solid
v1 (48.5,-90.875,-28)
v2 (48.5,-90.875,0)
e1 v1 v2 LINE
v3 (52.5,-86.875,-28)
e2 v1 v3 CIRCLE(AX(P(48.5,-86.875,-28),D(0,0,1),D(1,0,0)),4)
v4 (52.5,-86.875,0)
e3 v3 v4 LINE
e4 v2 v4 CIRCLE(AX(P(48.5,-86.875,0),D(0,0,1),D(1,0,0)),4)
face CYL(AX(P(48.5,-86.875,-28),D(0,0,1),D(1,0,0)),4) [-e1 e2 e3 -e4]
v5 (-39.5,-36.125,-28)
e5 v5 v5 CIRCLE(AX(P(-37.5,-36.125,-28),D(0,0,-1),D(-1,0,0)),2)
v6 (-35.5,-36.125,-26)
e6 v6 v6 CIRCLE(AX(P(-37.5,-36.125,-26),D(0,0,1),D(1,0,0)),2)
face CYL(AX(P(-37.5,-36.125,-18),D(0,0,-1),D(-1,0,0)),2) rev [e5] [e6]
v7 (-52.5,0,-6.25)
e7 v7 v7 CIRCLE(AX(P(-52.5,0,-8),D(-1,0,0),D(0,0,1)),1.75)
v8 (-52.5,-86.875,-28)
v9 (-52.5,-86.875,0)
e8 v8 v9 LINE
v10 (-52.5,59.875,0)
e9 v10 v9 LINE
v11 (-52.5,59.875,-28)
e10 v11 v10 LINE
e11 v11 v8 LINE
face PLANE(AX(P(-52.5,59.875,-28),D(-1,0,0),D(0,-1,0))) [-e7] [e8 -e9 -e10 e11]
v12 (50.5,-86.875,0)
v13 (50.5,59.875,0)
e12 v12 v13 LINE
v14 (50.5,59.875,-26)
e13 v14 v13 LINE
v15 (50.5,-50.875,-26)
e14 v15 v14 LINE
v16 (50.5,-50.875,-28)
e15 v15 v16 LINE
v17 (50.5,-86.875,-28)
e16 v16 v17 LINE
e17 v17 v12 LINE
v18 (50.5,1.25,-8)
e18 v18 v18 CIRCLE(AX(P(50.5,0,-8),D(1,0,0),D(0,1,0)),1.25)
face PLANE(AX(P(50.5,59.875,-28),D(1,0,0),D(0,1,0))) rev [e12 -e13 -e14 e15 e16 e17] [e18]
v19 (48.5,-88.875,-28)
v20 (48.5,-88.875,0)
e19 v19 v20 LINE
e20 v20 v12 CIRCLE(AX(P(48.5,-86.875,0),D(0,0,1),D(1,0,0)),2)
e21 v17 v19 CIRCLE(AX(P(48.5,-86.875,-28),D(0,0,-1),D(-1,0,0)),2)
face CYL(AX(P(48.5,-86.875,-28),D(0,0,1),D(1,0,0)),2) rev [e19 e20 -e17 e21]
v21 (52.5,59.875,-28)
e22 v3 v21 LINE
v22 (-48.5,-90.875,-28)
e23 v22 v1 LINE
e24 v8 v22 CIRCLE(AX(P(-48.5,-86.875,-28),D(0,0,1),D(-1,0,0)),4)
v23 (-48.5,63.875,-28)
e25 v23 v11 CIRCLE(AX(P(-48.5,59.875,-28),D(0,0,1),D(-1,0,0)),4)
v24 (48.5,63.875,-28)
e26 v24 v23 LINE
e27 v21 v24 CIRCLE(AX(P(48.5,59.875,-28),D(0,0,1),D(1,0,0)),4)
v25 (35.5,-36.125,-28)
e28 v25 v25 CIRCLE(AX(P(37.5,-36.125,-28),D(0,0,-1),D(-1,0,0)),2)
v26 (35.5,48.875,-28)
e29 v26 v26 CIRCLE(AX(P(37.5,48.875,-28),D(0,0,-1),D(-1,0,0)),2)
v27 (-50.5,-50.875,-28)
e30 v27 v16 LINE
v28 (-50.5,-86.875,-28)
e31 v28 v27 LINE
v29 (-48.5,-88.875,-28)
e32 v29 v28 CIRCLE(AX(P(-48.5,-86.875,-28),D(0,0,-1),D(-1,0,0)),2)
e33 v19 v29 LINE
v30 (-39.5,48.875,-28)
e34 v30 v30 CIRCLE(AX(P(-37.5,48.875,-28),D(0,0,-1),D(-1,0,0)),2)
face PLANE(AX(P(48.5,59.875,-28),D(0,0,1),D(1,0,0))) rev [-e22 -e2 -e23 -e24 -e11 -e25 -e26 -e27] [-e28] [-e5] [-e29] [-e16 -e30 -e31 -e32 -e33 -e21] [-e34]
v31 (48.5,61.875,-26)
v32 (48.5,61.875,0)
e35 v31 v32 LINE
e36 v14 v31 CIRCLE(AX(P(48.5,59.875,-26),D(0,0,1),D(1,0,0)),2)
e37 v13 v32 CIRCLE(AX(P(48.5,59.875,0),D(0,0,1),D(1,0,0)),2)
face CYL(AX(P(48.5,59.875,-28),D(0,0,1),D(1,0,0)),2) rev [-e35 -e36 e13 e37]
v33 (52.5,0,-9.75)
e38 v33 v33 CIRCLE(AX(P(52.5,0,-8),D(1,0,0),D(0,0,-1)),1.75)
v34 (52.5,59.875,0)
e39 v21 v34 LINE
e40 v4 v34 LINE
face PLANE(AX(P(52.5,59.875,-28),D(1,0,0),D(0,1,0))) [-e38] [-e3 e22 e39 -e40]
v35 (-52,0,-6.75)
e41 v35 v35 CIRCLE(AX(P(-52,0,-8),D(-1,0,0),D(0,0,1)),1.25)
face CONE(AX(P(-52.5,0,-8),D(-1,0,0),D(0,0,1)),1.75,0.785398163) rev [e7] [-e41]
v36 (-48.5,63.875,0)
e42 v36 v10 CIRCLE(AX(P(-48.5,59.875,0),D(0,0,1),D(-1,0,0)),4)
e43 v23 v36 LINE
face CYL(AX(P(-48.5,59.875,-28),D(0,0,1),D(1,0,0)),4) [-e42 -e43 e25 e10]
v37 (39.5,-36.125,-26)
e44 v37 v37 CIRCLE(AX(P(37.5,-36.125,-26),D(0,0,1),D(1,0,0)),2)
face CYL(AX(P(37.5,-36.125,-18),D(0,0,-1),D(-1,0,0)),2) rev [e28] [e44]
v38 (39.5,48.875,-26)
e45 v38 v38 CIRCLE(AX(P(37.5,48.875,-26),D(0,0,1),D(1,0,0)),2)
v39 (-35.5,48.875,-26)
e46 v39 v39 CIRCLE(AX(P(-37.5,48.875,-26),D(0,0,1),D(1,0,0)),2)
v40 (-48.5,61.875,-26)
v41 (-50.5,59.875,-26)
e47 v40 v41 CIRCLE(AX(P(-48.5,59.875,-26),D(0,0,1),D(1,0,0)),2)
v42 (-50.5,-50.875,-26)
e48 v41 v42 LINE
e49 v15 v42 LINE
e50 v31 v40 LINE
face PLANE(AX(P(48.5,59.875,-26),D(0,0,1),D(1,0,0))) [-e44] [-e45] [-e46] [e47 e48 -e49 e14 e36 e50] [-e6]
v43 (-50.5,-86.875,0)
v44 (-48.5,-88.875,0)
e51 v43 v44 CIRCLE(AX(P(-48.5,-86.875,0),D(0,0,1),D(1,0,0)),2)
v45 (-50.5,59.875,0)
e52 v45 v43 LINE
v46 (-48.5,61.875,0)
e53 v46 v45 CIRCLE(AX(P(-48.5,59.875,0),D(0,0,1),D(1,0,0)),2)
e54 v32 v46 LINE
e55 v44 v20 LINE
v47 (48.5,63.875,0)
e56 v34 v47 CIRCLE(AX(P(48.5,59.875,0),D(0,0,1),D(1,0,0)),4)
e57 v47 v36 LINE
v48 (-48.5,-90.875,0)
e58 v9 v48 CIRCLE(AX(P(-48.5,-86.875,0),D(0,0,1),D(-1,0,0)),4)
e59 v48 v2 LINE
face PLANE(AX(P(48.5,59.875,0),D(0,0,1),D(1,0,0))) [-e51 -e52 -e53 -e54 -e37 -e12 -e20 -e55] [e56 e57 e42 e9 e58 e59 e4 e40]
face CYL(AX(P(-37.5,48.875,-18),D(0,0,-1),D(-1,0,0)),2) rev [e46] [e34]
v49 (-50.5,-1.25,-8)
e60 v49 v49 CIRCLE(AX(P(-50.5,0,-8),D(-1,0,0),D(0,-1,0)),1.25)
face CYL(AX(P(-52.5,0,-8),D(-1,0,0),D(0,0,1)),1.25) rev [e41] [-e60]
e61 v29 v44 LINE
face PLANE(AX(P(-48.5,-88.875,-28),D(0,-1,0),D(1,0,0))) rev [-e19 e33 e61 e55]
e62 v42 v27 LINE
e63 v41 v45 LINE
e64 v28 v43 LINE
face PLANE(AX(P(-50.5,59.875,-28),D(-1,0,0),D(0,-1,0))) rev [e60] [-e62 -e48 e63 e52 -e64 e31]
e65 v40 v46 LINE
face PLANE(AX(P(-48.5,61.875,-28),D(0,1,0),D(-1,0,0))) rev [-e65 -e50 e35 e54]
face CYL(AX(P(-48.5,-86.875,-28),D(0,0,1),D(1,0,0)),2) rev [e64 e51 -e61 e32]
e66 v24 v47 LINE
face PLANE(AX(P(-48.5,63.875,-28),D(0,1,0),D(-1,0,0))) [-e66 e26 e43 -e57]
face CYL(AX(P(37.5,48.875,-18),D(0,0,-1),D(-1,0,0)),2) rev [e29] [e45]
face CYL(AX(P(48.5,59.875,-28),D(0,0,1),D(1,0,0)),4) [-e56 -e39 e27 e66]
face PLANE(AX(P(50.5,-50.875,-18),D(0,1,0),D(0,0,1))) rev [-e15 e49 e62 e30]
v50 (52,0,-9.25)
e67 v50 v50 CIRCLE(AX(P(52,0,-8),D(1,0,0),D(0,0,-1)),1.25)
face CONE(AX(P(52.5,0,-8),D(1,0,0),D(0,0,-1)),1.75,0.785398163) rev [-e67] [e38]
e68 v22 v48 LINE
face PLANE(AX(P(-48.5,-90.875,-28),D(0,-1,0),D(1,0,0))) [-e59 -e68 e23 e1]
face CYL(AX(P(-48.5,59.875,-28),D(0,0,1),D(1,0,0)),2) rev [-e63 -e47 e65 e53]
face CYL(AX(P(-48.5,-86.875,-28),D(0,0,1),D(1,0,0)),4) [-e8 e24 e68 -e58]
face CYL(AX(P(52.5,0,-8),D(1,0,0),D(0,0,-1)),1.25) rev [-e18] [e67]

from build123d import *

# Parameters (mm, degrees)
BOSS_EXTRUDE1_DEPTH         = 28
SHELL1_T                    = -2
CUT_EXTRUDE1_START          = -10
SKETCH2_R                   = 2
CUT_EXTRUDE1_DEPTH          = 10
M3_TAPPED_HOLE1_D           = 2.5
M3_TAPPED_HOLE1_DEPTH       = 2
M3_TAPPED_HOLE1_CSINK_D     = 3.5
M3_TAPPED_HOLE1_CSINK_ANGLE = 90
M3_TAPPED_HOLE2_D           = 2.5
M3_TAPPED_HOLE2_CSINK_D     = 3.5
M3_TAPPED_HOLE2_CSINK_ANGLE = 90


with BuildPart() as part:
    # Sketch1 → Boss-Extrude1 (new body)
    with BuildSketch(Plane.XY):
        with BuildLine():
            Line((-48.5, 63.875), (48.5, 63.875))
            ThreePointArc((48.5, 63.875), (51.328427125, 62.703427125), (52.5, 59.875))
            Line((52.5, 59.875), (52.5, -86.875))
            ThreePointArc((52.5, -86.875), (51.328427125, -89.703427125), (48.5, -90.875))
            Line((48.5, -90.875), (-48.5, -90.875))
            ThreePointArc((-48.5, -90.875), (-51.328427125, -89.703427125), (-52.5, -86.875))
            Line((-52.5, -86.875), (-52.5, 59.875))
            ThreePointArc((-52.5, 59.875), (-51.328427125, 62.703427125), (-48.5, 63.875))
        make_face()
    extrude(amount=-BOSS_EXTRUDE1_DEPTH)

    # Shell1
    shell1_openings = [part.faces().sort_by_distance(p)[0] for p in [
        (0, -13.5, 0),
    ]]
    offset(amount=SHELL1_T, openings=shell1_openings, kind=Kind.INTERSECTION)

    # Sketch2 → Cut-Extrude1 (cut)
    with BuildSketch(Plane(origin=(0, 0, -28), x_dir=(-1, 0, 0), z_dir=(0, 0, -1)).offset(CUT_EXTRUDE1_START)):
        with Locations((-37.5, 48.875)):
            Circle(SKETCH2_R)
        with Locations((37.5, 48.875)):
            Circle(SKETCH2_R)
        with Locations((37.5, -36.125)):
            Circle(SKETCH2_R)
        with Locations((-37.5, -36.125)):
            Circle(SKETCH2_R)
        with BuildLine():
            Line((-50.5, -50.875), (50.5, -50.875))
            Line((50.5, -50.875), (50.5, -86.875))
            ThreePointArc((50.5, -86.875), (49.914213562, -88.289213562), (48.5, -88.875))
            Line((48.5, -88.875), (-48.5, -88.875))
            ThreePointArc((-48.5, -88.875), (-49.914213562, -88.289213562), (-50.5, -86.875))
            Line((-50.5, -86.875), (-50.5, -50.875))
        make_face()
    extrude(amount=CUT_EXTRUDE1_DEPTH, mode=Mode.SUBTRACT)

    # M3 Tapped Hole1
    with Locations(Plane(origin=(52.5, 0, 0), x_dir=(0, 0, -1), z_dir=(1, 0, 0))):
        with Locations((8, 0)):
            CounterSinkHole(M3_TAPPED_HOLE1_D / 2, M3_TAPPED_HOLE1_CSINK_D / 2, depth=M3_TAPPED_HOLE1_DEPTH, counter_sink_angle=M3_TAPPED_HOLE1_CSINK_ANGLE)

    # M3 Tapped Hole2 (through all)
    with Locations(Plane.ZY.offset(52.5)):
        with Locations((-8, 0)):
            CounterSinkHole(M3_TAPPED_HOLE2_D / 2, M3_TAPPED_HOLE2_CSINK_D / 2, counter_sink_angle=M3_TAPPED_HOLE2_CSINK_ANGLE)


solid = part.part
